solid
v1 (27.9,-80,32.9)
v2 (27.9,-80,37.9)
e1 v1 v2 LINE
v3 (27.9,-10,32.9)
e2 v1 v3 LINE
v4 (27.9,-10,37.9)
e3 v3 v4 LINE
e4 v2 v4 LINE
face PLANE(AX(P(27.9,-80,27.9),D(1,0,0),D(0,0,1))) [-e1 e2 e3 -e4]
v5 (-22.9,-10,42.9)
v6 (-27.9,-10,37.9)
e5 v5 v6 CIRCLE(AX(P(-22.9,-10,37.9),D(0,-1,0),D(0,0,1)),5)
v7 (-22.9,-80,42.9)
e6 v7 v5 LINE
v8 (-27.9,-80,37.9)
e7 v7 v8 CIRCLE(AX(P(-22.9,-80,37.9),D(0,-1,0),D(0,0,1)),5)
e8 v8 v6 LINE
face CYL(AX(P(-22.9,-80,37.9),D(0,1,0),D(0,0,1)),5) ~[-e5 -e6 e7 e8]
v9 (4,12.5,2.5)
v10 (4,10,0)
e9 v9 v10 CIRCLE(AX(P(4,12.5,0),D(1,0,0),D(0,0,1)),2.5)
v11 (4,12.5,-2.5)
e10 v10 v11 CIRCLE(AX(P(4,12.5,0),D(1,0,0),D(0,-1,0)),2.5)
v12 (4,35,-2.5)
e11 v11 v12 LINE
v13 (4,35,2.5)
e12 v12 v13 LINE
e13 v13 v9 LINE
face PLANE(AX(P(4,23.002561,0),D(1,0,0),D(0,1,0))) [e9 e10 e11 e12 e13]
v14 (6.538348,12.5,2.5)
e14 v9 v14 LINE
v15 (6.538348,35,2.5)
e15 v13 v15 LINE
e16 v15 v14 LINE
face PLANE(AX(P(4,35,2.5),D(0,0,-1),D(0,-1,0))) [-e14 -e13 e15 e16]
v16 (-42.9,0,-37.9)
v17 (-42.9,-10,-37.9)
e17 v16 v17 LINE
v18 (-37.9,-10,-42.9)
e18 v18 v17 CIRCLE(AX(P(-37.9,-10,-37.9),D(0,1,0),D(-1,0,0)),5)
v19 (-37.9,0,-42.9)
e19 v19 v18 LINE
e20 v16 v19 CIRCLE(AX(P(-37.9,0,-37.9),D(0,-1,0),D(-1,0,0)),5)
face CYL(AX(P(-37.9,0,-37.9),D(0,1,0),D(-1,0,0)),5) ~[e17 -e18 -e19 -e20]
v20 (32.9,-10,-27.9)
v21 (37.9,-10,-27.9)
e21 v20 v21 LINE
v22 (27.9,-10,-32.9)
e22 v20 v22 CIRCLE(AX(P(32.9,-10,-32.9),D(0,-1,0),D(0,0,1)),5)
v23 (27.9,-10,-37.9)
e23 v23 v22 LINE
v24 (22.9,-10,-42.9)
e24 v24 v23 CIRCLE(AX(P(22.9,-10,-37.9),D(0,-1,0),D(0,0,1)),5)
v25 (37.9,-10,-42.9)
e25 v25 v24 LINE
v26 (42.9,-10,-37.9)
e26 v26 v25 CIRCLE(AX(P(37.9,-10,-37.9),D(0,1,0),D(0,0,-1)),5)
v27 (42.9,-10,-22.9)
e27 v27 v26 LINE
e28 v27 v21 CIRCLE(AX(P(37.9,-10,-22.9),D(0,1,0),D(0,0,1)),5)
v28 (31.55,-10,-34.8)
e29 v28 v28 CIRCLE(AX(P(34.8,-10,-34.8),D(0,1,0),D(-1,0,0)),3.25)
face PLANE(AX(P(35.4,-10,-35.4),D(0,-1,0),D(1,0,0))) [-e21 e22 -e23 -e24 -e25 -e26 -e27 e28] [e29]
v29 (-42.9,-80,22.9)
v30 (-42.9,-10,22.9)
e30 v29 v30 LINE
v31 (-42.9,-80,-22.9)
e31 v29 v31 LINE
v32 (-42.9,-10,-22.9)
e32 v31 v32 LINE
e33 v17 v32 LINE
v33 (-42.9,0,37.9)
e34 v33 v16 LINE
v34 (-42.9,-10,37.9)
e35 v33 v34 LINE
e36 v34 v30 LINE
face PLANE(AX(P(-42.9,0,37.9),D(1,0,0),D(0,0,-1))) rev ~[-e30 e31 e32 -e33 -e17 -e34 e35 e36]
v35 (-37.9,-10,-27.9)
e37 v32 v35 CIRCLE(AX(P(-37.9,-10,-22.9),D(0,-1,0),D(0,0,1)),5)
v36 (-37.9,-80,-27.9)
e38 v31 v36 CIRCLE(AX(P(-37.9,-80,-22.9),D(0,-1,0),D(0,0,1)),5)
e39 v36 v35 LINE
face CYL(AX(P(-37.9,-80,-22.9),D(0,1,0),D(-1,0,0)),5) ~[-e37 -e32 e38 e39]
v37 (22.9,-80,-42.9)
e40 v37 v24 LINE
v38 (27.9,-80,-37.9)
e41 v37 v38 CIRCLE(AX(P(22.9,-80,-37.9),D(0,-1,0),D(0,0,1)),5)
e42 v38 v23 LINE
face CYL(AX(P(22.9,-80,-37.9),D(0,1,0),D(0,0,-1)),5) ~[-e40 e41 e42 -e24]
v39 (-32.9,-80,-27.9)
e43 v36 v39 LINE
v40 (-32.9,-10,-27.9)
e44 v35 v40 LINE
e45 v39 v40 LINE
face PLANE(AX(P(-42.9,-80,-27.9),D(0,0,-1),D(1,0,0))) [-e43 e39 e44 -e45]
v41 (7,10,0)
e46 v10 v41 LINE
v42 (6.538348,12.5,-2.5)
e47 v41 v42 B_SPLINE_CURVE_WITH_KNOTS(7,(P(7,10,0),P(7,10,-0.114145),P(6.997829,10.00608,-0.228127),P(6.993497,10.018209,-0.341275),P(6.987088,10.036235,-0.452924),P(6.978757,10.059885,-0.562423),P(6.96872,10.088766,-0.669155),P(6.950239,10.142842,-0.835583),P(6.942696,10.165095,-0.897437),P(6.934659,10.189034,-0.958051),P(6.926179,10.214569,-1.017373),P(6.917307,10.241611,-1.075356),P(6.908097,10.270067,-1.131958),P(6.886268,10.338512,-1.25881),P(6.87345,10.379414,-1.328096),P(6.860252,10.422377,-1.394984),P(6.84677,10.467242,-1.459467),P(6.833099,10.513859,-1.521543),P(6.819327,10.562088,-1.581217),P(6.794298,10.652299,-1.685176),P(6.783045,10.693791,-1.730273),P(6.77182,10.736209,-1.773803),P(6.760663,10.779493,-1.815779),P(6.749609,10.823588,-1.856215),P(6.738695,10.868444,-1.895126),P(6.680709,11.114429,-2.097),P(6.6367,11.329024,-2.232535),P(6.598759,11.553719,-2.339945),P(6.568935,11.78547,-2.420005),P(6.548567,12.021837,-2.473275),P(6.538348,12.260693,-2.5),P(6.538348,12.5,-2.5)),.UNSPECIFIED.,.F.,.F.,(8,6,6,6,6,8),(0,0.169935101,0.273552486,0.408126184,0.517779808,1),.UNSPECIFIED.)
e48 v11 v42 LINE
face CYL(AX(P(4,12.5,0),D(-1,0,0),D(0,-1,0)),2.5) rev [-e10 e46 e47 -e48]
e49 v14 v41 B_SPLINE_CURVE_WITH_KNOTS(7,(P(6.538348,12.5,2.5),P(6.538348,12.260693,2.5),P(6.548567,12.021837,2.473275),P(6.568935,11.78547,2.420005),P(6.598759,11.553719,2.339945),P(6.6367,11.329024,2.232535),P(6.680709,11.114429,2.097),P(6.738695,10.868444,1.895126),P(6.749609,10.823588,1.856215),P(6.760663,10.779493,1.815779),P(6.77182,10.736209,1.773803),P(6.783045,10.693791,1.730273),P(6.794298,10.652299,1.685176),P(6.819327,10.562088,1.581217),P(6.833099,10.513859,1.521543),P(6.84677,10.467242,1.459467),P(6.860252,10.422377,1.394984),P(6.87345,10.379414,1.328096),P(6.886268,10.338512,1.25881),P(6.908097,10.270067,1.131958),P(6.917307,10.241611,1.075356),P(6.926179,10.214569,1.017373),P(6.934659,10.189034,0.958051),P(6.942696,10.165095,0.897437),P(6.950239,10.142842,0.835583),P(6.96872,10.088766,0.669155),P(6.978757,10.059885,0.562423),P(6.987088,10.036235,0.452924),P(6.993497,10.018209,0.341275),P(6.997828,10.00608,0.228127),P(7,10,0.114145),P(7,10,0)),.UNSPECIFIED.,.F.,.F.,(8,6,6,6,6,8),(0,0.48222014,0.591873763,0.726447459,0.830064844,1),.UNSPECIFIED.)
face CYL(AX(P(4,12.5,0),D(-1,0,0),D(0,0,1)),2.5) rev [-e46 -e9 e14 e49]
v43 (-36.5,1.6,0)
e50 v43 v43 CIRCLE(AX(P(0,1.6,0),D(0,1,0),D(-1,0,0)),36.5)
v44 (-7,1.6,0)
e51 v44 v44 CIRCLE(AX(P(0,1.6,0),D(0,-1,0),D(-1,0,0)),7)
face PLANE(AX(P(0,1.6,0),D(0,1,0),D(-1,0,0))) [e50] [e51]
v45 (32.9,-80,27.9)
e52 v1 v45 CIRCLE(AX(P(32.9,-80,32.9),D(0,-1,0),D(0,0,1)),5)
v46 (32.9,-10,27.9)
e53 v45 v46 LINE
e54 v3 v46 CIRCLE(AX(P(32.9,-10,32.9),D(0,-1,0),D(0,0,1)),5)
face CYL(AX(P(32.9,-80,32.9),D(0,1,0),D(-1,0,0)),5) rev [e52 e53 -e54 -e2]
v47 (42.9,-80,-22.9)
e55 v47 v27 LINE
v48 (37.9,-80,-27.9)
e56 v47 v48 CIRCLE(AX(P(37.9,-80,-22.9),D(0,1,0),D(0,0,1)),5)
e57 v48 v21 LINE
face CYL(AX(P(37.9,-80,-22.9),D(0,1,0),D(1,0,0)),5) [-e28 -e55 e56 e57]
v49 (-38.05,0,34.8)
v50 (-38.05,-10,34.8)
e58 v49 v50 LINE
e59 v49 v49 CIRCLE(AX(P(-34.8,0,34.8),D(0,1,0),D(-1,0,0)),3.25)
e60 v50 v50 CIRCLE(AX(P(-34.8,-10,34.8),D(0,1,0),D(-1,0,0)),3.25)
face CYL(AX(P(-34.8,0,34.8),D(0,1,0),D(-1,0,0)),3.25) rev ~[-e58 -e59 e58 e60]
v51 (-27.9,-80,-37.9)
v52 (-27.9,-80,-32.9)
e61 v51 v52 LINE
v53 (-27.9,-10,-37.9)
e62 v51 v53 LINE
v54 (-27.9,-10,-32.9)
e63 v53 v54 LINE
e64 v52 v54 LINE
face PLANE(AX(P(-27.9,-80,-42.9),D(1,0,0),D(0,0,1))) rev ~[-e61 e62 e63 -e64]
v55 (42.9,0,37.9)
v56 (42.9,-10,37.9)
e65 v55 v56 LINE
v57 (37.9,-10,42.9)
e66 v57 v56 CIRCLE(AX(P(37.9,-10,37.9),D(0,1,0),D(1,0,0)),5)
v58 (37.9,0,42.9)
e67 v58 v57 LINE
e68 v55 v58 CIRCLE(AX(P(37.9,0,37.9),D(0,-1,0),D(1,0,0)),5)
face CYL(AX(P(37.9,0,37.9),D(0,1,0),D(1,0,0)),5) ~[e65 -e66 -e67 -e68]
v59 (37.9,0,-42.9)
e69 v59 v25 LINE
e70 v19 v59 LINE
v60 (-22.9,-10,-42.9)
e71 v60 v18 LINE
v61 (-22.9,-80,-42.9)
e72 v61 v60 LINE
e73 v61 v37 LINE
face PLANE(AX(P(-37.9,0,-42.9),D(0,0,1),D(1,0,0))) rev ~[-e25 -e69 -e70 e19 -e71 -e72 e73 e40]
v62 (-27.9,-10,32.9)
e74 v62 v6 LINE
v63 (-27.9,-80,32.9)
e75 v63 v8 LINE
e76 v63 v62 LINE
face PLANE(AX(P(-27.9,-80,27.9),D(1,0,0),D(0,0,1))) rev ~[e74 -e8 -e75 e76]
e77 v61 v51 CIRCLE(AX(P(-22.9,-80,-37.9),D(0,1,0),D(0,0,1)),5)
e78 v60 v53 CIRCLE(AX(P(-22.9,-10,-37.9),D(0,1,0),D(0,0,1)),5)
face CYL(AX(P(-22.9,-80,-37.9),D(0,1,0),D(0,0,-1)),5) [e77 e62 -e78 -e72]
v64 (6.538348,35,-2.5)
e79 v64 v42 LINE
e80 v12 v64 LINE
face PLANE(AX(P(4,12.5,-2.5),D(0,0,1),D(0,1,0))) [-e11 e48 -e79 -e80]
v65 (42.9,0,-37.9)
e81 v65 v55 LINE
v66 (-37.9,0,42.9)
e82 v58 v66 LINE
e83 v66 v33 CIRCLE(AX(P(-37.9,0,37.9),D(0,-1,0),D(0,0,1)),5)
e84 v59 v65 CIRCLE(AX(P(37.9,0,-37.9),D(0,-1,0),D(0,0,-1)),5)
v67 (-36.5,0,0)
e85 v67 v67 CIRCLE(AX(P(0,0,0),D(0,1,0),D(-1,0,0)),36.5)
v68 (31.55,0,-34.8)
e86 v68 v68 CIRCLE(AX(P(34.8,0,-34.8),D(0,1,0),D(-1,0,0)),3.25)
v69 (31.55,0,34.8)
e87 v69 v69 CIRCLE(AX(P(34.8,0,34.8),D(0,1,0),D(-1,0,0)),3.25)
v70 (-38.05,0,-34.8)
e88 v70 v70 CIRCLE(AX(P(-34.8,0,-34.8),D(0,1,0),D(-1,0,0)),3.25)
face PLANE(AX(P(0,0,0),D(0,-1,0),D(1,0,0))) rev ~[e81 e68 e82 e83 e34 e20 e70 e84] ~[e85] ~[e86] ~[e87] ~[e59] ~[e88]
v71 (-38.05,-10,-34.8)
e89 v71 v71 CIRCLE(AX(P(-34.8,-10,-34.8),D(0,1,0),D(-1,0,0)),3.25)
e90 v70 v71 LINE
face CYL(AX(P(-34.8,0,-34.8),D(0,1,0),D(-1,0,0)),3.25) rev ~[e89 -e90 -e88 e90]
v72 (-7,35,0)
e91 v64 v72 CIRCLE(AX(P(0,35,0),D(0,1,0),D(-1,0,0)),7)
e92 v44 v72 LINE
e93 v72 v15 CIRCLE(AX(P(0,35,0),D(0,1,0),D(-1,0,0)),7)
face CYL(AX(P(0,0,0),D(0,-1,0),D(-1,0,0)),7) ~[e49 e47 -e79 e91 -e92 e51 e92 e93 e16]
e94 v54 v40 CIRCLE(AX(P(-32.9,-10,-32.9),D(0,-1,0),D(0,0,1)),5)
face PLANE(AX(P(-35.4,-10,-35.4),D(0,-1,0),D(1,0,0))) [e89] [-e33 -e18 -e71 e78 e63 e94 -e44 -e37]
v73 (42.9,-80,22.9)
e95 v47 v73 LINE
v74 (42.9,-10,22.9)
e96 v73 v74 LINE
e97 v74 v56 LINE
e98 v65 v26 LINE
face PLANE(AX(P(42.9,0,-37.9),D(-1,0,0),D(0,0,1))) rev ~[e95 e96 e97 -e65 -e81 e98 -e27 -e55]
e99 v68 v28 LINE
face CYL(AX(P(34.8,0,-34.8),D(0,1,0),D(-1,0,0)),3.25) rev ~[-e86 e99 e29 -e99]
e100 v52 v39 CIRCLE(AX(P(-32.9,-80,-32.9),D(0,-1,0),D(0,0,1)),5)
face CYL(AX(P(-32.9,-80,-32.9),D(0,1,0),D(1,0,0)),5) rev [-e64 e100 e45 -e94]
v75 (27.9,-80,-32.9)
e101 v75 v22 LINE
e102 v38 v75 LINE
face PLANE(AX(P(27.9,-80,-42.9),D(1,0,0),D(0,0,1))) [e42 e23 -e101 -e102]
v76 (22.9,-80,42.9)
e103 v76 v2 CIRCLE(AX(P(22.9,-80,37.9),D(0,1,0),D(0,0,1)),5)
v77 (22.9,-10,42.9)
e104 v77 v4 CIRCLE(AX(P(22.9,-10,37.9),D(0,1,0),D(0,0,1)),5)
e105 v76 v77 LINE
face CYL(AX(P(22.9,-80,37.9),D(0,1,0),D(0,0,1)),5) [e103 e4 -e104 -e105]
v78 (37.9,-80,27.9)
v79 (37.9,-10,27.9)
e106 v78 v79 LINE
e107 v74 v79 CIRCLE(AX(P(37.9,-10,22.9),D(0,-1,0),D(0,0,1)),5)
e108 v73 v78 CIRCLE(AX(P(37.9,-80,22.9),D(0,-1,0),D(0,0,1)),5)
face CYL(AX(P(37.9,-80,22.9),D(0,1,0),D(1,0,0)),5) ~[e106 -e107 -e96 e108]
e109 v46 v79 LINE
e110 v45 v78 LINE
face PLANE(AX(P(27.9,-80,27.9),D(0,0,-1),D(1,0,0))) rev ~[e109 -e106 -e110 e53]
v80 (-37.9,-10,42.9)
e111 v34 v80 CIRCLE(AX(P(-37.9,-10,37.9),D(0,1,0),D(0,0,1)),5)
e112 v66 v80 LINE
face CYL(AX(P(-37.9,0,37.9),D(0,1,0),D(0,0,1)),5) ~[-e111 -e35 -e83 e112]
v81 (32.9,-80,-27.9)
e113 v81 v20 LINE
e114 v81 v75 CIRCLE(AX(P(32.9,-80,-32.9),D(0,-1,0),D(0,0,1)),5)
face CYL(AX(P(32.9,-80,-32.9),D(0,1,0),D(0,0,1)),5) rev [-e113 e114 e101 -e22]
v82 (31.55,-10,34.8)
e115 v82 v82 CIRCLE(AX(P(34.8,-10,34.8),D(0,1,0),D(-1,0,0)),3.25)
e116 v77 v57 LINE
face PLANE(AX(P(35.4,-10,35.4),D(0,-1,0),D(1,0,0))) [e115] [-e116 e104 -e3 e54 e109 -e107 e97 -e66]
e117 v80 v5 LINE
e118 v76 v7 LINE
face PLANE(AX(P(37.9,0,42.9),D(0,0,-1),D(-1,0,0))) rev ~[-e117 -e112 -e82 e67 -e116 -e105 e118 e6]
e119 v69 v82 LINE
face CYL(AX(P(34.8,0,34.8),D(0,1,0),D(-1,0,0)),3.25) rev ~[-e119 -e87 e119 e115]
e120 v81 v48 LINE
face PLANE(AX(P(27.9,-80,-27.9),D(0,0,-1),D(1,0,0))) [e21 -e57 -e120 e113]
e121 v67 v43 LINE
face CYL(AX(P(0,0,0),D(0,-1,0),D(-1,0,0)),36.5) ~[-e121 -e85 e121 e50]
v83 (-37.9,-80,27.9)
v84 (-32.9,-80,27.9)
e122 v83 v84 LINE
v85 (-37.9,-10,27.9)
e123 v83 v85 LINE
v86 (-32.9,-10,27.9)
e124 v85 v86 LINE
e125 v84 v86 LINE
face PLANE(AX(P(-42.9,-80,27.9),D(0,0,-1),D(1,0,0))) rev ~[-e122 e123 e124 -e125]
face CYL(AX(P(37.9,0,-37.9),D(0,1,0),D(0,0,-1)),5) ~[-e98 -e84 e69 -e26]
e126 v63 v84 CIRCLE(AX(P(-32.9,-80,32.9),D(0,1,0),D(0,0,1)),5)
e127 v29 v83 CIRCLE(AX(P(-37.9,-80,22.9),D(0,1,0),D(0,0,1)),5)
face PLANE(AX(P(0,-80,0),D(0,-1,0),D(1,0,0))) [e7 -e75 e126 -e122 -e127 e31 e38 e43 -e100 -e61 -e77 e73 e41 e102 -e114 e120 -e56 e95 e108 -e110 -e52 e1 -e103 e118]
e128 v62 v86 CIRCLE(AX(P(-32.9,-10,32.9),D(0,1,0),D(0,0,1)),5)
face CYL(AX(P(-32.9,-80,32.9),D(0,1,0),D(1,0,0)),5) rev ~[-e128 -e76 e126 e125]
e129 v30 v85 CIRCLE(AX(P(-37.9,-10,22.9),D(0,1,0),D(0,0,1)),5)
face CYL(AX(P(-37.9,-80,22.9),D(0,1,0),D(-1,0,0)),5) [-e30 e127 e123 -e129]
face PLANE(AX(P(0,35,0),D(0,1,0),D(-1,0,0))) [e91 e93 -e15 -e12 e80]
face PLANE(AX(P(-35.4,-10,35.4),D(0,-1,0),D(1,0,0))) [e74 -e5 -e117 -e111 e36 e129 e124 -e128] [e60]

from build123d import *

# Parameters (mm, degrees)
F1_DEPTH  = 80
F2_W      = 15
F2_H      = 15
F3_DEPTH  = 70
F4_R      = 3.25
F5_DEPTH  = 10
F6_R      = 5
F7_R      = 36.5
F8_DEPTH  = 1.6
F9_R      = 7
F10_DEPTH = 35
F13_DEPTH = 5


with BuildPart() as f1:
    # F0 (on Front) → F1 (new body)
    with BuildSketch(Plane.XZ):
        with BuildLine():
            Line((37.9, 42.9), (-37.9, 42.9))
            ThreePointArc((-37.9, 42.9), (-41.4355339059, 41.4355339059), (-42.9, 37.9))
            Line((-42.9, 37.9), (-42.9, -37.9))
            ThreePointArc((-42.9, -37.9), (-41.4355339059, -41.4355339059), (-37.9, -42.9))
            Line((-37.9, -42.9), (37.9, -42.9))
            ThreePointArc((37.9, -42.9), (41.4355339059, -41.4355339059), (42.9, -37.9))
            Line((42.9, -37.9), (42.9, 37.9))
            ThreePointArc((42.9, 37.9), (41.4355339059, 41.4355339059), (37.9, 42.9))
        make_face()
    extrude(amount=F1_DEPTH)

    # F2 (on face) → F3 (cut)
    with BuildSketch(Plane.XZ.offset(80)):
        with Locations((35.4, 35.4)):
            Rectangle(F2_W, F2_H)
        with Locations((-35.4, 35.4)):
            Rectangle(F2_W, F2_H)
        with Locations((-35.4, -35.4)):
            Rectangle(F2_W, F2_H)
        with Locations((35.4, -35.4)):
            Rectangle(F2_W, F2_H)
    extrude(amount=-F3_DEPTH, mode=Mode.SUBTRACT)

    # F4 (on face) → F5 (cut, through all)
    with BuildSketch(Plane(origin=(0, 0, 0), x_dir=(-1, 0, 0), z_dir=(0, 1, 0))):
        with Locations((34.8, 34.8)):
            Circle(F4_R)
        with Locations((-34.8, 34.8)):
            Circle(F4_R)
        with Locations((34.8, -34.8)):
            Circle(F4_R)
        with Locations((-34.8, -34.8)):
            Circle(F4_R)
    extrude(amount=-F5_DEPTH, mode=Mode.SUBTRACT)

    # F6
    f6_edges = [f1.edges().sort_by_distance(p)[0] for p in [
        (-42.9, -45, 27.9),
        (-42.9, -45, -27.9),
        (-27.9, -45, -27.9),
        (-27.9, -45, -42.9),
        (27.9, -45, -42.9),
        (-27.9, -45, 42.9),
        (27.9, -45, -27.9),
        (42.9, -45, -27.9),
        (42.9, -45, 27.9),
        (27.9, -45, 42.9),
        (27.9, -45, 27.9),
        (-27.9, -45, 27.9),
    ]]
    fillet(f6_edges, radius=F6_R)

    # F7 (on face) → F8 (join)
    with BuildSketch(Plane(origin=(0, 0, 0), x_dir=(-1, 0, 0), z_dir=(0, 1, 0))):
        Circle(F7_R)
    extrude(amount=F8_DEPTH)

    # F9 (on face) → F10 (join)
    with BuildSketch(Plane(origin=(0, 0, 0), x_dir=(-1, 0, 0), z_dir=(0, 1, 0))):
        Circle(F9_R)
    extrude(amount=F10_DEPTH)

    # F12 (on offset) → F13 (cut)
    with BuildSketch(Plane.YZ.offset(4)):
        with BuildLine():
            Line((35, 2.5), (12.5, 2.5))
            ThreePointArc((12.5, 2.5), (10.732233047, 1.767766953), (10, 0))
            ThreePointArc((10, 0), (10.732233047, -1.767766953), (12.5, -2.5))
            Line((12.5, -2.5), (35, -2.5))
            Line((35, -2.5), (35, 0))
            Line((35, 0), (35, 2.5))
        make_face()
    extrude(amount=F13_DEPTH, mode=Mode.SUBTRACT)


solid = f1.part
